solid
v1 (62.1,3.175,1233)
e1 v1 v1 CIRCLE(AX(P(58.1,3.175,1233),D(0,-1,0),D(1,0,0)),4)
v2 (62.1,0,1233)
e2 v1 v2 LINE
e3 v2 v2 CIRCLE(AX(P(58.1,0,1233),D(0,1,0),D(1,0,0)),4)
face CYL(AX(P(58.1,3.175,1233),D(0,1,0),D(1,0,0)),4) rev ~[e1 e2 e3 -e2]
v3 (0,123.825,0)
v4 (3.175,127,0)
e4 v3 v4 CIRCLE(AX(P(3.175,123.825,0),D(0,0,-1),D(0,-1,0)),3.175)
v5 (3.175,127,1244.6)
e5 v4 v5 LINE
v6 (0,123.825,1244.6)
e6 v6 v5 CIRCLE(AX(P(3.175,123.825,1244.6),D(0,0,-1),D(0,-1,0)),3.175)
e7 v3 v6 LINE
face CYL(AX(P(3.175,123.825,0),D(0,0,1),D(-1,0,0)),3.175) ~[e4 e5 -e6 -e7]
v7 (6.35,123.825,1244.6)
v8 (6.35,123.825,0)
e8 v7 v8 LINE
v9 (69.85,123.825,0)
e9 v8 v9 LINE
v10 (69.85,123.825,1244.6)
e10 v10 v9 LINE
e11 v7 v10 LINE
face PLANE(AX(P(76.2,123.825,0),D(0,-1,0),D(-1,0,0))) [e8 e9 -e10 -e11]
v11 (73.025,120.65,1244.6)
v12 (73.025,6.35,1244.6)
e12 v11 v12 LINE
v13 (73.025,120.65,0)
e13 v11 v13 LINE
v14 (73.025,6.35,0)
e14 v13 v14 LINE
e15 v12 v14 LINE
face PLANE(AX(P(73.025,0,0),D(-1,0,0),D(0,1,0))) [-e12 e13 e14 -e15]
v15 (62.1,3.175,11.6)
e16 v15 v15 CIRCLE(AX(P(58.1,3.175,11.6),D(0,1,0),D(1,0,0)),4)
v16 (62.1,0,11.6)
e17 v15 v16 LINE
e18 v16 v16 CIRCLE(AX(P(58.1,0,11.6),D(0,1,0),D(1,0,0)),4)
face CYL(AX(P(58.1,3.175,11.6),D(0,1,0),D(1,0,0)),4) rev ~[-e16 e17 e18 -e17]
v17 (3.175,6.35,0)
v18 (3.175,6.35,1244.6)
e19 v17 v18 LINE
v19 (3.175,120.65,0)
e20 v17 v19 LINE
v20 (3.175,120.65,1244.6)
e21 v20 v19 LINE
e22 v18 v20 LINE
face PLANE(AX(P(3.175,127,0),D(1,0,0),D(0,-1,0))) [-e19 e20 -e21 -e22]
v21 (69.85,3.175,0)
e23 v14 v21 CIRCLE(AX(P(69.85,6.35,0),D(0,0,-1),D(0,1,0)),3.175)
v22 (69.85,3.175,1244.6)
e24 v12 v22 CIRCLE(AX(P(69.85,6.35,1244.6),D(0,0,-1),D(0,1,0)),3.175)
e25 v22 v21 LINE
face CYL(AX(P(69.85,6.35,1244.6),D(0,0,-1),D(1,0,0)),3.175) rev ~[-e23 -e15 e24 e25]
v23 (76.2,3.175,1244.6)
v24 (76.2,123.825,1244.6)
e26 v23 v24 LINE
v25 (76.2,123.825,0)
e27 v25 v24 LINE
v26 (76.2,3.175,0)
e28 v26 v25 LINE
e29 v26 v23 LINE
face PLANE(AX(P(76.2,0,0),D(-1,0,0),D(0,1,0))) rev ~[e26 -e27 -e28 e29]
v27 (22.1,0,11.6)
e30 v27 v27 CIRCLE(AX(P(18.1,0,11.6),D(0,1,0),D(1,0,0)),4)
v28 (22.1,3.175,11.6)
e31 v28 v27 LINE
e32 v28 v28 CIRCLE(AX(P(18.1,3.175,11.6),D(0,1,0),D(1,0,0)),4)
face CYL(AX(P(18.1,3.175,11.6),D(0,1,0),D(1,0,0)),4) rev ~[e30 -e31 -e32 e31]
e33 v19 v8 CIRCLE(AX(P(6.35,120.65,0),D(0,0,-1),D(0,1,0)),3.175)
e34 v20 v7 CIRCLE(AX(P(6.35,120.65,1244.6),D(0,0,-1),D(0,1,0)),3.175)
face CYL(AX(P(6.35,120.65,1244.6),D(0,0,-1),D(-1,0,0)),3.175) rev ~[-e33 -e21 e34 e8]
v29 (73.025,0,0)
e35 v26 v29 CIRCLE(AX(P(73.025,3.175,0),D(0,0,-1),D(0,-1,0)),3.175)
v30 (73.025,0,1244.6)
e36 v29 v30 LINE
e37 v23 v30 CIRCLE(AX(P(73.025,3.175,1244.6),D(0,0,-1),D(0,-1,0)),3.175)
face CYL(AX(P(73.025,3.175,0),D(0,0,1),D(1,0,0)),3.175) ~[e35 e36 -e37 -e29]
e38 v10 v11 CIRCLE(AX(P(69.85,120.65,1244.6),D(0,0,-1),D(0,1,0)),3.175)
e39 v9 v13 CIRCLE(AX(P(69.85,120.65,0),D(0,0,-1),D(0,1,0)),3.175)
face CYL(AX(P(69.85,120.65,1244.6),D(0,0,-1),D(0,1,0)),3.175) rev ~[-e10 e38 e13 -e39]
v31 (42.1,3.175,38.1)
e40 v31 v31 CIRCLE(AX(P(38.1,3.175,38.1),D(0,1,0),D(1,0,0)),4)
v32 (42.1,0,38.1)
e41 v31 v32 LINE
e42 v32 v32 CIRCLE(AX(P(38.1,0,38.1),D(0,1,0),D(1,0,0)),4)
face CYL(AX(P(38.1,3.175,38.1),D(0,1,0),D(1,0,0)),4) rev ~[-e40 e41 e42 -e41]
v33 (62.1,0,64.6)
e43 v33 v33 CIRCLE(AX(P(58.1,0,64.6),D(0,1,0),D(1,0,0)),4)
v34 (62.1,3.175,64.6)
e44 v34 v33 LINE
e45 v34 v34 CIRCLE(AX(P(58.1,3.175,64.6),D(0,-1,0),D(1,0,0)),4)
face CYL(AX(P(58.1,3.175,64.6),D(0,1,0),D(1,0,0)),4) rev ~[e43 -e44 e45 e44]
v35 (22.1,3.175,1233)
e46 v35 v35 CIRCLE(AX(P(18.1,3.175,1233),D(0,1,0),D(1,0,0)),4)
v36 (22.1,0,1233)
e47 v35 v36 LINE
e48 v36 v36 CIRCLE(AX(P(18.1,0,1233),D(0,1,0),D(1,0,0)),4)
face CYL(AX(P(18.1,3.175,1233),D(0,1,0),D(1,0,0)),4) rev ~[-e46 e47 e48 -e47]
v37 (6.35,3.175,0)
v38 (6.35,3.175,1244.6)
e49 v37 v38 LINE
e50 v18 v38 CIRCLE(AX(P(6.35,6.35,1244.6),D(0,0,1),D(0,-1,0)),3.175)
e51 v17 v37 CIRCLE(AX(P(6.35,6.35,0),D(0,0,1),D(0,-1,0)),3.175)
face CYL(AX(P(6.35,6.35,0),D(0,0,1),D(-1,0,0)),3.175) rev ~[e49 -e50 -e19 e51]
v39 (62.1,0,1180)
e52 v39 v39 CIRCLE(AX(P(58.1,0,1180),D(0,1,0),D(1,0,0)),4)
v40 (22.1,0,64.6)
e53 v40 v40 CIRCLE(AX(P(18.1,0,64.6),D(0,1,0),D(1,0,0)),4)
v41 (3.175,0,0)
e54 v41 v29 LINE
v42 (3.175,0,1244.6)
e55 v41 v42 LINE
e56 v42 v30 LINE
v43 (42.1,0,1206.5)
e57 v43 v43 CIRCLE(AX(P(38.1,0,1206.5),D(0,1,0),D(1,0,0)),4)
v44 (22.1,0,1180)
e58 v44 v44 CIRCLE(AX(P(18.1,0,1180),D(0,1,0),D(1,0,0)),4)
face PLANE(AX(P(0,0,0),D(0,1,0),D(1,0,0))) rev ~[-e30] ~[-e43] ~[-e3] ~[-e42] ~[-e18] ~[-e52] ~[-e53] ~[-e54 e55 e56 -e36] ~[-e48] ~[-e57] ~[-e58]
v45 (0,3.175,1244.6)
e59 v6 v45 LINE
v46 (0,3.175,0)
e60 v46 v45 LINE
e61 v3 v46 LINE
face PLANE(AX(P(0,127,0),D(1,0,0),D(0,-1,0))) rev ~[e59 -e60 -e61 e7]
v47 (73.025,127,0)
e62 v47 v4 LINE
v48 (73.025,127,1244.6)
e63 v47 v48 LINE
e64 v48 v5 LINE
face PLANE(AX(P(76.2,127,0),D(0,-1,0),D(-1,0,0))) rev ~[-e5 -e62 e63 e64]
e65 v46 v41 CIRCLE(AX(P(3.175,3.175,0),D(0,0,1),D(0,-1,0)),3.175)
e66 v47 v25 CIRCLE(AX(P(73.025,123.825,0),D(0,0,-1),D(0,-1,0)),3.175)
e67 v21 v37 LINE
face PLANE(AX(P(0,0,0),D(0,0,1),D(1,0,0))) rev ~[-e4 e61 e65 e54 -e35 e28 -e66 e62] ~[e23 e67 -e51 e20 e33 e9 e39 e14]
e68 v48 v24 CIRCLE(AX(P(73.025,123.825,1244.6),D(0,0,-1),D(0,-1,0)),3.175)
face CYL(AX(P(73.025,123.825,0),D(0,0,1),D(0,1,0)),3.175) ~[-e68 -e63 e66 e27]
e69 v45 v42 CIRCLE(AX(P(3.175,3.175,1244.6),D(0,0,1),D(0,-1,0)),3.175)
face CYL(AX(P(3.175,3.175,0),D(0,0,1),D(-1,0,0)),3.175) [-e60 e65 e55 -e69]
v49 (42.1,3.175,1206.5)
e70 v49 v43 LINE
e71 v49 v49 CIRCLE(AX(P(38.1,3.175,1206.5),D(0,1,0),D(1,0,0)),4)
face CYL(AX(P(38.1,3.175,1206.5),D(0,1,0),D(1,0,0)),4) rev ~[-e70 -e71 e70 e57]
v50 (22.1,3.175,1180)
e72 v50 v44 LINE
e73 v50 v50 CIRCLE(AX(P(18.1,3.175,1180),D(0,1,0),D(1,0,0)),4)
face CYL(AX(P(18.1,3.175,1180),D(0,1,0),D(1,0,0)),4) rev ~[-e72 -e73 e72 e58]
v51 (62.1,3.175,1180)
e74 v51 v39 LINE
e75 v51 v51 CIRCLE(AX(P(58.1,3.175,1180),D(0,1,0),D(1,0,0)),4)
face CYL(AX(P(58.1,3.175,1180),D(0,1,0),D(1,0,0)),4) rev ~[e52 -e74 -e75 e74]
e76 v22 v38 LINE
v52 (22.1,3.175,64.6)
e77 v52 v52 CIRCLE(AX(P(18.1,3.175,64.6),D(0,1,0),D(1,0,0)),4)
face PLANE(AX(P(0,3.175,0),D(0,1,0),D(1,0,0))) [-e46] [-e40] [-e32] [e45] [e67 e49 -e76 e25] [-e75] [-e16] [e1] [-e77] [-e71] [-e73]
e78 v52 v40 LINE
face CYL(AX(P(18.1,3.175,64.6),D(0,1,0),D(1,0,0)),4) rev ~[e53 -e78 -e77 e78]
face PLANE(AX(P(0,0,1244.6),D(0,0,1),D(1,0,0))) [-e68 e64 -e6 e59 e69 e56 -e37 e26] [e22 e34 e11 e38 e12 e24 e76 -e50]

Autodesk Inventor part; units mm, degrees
ref_plane "YZ Plane" through (0, 0, 0) normal (1, 0, 0) x (0, 1, 0)
ref_plane "XZ Plane" through (0, 0, 0) normal (0, 1, 0) x (-1, 0, 0)
ref_plane "XY Plane" through (0, 0, 0) normal (0, 0, 1) x (1, 0, 0)
sketch "Sketch1" plane through (0, 0, 0) normal (0, 0, 1) x (1, 0, 0)
  line L0 (0, 0) -> (76.2, 0)
  line L1 (76.2, 0) -> (76.2, 127)
  line L2 (76.2, 127) -> (0, 127)
  line L3 (0, 127) -> (0, 0)
  dimension "d0" = 76.2
  dimension "d1" = 127
extrude "Extrusion1" add sketch "Sketch1" along normal blind 1244.6
shell "Shell1" thickness 3.175 removed faces 2 at (50.8, 42.3333, 0) at (50.8, 42.3333, 1244.6)
fillet "Fillet1" radius 3.175 8 edges at (0, 127, 622.3) (3.175, 3.175, 622.3) (73.025, 3.175, 622.3) (3.175, 123.825, 622.3) (73.025, 123.825, 622.3) (76.2, 127, 622.3) (0, 0, 622.3) (76.2, 0, 622.3)
sketch "Sketch2" plane through (6.35, 3.175, 0) normal (0, 1, 0) x (1, 0, 0)
  line L0 (-6.35, 0) -> (69.85, 0)
  line L1 (69.85, 0) -> (69.85, -76.2)
  line L2 (69.85, -76.2) -> (-6.35, -76.2)
  line L3 (-6.35, -76.2) -> (-6.35, 0)
  line L4 (51.75, -11.6) -> (11.75, -11.6) construction
  line L5 (11.75, -11.6) -> (11.75, -64.6) construction
  line L6 (11.75, -64.6) -> (51.75, -64.6)
  line L7 (51.75, -64.6) -> (51.75, -11.6) construction
  circle A0 centre (11.75, -64.6) radius 4
  circle A1 centre (11.75, -11.6) radius 4
  circle A2 centre (51.75, -64.6) radius 4
  circle A3 centre (51.75, -11.6) radius 4
  circle A4 centre (31.75, -38.1) radius 4
  circle A5 centre (31.75, -1206.5) radius 4
  line L8 (51.75, -1180) -> (11.75, -1180) construction
  line L9 (11.75, -1180) -> (11.75, -1233) construction
  line L10 (-6.35, -1168.4) -> (69.85, -1168.4)
  line L11 (-6.35, -1244.6) -> (-6.35, -1168.4)
  circle A6 centre (11.75, -1180) radius 4
  line L12 (51.75, -1233) -> (51.75, -1180) construction
  line L13 (69.85, -1168.4) -> (69.85, -1244.6)
  circle A7 centre (51.75, -1180) radius 4
  line L14 (11.75, -1233) -> (51.75, -1233)
  circle A8 centre (11.75, -1233) radius 4
  line L15 (69.85, -1244.6) -> (-6.35, -1244.6)
  circle A9 centre (51.75, -1233) radius 4
  point P0 (31.75, -64.6)
  point P1 (31.75, -76.2)
  point P2 (51.75, -38.1)
  point P3 (69.85, -38.1)
  point P4 (51.75, -1206.5)
  point P5 (69.85, -1206.5)
  point P6 (31.75, -1233)
  point P7 (31.75, -1244.6)
  dimension "d6" = 76.2
  dimension "d7" = 76.2
  dimension "d8" = 53
  dimension "d9" = 40
  dimension "d10" = 8
  dimension "d13" = 1168.4
extrude "Extrusion2" cut sketch "Sketch2" against normal up to surface (3.175 mm away) contours A2 | A0 | A1 | A3 | A4 | A5 | A6 | A7 | A9 | A8
properties part number "2x3_Tube"
